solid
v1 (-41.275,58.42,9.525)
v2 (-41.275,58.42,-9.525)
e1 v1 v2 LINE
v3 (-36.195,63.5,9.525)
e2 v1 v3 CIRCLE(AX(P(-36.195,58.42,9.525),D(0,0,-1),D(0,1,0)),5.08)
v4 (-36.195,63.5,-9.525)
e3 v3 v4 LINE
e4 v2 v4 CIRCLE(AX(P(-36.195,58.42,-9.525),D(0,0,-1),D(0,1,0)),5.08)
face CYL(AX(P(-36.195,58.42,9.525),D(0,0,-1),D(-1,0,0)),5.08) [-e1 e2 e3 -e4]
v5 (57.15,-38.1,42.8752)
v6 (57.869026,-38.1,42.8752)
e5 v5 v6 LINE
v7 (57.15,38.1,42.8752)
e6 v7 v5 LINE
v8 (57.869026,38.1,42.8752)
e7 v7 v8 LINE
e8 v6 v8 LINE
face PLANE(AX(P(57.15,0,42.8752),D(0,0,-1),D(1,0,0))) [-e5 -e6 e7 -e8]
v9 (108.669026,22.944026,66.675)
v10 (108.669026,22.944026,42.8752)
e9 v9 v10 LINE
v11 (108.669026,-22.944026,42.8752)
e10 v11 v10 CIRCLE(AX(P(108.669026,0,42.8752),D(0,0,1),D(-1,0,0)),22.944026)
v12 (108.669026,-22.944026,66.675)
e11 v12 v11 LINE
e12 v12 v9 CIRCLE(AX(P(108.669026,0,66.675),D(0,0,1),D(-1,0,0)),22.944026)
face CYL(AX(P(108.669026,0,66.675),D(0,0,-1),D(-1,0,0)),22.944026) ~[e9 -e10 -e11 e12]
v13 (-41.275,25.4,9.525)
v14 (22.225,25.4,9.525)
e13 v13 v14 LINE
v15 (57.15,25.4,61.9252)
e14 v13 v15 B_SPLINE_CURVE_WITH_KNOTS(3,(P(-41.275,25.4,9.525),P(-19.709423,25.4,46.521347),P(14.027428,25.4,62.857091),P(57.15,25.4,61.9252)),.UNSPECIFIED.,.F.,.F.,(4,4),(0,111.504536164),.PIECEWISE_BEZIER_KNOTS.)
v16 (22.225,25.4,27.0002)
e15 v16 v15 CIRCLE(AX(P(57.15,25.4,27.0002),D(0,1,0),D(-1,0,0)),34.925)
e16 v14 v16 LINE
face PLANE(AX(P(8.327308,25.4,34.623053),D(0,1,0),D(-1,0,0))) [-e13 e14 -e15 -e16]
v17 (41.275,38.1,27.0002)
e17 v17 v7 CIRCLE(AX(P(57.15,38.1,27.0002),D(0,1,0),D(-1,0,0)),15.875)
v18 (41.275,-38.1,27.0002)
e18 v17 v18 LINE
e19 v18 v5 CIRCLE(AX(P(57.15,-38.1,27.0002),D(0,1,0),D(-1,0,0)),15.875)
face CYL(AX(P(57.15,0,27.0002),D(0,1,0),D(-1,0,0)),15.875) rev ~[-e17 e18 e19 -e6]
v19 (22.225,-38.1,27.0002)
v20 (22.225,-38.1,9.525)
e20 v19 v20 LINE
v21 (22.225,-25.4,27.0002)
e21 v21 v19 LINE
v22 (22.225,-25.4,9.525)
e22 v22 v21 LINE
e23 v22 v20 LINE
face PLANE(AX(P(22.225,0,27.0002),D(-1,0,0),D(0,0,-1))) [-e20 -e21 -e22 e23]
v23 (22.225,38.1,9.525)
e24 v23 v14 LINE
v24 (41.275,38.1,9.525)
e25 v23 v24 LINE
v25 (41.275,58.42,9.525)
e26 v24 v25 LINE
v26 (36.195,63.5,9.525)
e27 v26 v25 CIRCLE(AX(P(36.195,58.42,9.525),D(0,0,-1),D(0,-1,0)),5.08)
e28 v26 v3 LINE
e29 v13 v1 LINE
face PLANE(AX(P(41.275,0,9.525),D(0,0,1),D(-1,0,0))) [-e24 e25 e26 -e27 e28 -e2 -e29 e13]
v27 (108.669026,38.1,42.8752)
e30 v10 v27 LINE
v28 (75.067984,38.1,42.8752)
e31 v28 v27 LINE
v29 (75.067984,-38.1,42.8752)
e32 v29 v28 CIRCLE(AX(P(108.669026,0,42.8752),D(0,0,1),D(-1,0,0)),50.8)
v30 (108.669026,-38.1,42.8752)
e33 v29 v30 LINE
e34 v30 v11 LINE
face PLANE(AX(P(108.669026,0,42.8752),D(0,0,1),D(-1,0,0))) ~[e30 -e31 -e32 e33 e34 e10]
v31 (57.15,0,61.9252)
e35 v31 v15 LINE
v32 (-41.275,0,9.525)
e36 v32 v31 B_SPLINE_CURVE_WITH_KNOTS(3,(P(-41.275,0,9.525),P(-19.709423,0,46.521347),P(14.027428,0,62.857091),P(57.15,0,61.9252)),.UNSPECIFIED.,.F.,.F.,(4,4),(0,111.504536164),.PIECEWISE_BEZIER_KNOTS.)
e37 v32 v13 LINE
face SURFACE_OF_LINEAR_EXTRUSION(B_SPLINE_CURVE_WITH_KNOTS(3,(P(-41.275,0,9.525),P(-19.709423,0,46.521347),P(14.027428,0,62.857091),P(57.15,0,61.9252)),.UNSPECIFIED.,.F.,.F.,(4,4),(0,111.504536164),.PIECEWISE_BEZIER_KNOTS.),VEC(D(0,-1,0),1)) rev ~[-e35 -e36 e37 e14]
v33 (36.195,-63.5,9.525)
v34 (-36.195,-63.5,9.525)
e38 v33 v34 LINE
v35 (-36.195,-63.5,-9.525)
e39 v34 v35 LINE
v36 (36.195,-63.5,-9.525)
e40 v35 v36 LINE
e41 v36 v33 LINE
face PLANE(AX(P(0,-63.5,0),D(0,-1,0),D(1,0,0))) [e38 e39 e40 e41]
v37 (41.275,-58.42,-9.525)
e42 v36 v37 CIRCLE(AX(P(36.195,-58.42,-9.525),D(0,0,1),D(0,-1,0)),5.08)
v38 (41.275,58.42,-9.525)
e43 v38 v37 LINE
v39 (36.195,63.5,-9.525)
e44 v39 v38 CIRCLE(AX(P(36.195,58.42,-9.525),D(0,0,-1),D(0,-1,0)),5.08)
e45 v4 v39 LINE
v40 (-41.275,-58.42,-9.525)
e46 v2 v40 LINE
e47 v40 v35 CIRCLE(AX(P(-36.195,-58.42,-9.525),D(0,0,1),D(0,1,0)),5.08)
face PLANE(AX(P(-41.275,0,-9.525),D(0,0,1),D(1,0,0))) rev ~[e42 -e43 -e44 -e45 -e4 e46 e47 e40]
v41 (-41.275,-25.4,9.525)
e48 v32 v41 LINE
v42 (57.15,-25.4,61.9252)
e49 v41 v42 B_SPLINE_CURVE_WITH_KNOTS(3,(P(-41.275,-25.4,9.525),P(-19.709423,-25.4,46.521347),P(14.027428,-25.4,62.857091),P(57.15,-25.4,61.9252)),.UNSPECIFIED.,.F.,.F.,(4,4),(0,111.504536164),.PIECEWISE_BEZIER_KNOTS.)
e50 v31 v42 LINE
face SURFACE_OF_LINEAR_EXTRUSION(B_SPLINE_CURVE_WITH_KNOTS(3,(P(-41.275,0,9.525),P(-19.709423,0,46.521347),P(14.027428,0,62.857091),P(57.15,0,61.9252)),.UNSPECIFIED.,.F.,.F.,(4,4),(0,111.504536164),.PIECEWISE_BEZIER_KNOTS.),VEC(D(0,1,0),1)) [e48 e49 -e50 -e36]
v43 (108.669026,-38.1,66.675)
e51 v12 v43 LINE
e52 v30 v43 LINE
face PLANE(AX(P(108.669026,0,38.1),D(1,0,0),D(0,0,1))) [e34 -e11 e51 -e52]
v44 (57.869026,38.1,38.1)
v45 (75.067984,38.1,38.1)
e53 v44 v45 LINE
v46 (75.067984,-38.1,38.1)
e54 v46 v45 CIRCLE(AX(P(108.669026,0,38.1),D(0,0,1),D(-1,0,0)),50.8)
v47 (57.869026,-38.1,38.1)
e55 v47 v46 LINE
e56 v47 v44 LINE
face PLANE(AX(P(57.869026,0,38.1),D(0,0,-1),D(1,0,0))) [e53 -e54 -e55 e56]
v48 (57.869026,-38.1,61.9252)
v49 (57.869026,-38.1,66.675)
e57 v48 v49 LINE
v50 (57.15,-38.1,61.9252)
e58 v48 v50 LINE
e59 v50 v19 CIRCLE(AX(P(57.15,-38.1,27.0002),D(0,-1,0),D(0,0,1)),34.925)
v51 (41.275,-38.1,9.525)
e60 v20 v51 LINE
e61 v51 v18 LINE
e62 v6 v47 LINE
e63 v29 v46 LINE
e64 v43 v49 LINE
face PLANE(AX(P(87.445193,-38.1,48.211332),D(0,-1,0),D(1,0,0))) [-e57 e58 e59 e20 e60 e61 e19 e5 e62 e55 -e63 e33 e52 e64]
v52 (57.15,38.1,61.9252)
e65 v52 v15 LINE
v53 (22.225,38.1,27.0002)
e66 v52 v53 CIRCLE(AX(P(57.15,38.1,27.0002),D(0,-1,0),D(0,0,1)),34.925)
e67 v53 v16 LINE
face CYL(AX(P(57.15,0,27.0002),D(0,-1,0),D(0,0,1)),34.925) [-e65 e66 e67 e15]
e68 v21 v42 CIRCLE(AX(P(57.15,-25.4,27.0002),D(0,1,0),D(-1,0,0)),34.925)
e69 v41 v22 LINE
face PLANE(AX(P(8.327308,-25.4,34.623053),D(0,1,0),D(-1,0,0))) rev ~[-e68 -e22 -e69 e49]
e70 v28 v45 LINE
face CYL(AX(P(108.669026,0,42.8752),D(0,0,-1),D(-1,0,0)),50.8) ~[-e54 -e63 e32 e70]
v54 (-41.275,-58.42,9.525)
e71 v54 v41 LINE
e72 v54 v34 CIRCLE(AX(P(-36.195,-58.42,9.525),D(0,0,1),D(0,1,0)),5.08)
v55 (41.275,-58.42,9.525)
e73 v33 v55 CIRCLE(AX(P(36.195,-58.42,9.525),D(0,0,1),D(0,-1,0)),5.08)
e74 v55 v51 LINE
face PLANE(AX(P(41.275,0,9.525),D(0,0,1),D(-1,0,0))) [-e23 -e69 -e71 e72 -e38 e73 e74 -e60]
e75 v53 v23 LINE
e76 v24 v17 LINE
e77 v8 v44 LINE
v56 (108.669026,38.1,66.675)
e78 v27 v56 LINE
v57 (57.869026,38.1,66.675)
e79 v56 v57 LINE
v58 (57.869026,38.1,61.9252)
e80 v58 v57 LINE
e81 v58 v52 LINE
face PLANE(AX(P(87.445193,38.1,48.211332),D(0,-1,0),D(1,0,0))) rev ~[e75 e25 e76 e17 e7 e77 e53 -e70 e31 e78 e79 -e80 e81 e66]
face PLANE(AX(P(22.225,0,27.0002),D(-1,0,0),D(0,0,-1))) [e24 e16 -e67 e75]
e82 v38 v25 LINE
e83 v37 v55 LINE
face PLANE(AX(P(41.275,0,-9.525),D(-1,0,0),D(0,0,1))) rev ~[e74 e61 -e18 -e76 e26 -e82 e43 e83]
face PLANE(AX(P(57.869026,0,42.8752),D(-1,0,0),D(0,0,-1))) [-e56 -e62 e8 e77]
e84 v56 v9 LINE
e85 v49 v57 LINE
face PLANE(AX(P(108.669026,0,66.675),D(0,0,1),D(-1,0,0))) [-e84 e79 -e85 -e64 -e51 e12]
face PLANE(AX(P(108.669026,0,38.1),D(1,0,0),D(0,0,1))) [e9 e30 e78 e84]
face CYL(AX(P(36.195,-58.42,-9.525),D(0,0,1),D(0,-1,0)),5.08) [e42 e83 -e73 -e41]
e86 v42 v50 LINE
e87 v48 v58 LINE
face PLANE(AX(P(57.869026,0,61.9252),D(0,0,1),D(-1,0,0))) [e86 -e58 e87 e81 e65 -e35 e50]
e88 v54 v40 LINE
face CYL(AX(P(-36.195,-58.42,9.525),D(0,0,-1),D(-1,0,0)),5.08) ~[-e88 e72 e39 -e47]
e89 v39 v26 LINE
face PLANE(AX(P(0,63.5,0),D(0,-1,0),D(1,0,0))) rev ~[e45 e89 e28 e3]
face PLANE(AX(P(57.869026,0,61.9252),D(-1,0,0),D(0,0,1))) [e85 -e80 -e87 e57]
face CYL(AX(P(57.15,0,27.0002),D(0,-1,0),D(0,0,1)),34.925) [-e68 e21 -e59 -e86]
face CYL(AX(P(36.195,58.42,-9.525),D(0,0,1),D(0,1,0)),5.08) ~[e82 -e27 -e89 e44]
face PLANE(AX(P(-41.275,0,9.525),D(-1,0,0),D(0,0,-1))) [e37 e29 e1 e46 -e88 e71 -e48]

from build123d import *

# Parameters (mm, degrees)
F1_DEPTH = 63.5
F2_DEPTH = 25.4
F0_W     = 27.8559744183
F0_H     = 4.7498
F0_H_2   = 19.05
F3_DEPTH = 38.1
F4_DEPTH = 25.4
F6_R     = 5.08


with BuildPart() as f1:
    # F0 (on Front) → F1 (new body, symmetric)
    with BuildSketch(Plane.XZ):
        Polygon((-41.275, 9.525), (-41.275, -9.525), (41.275, -9.525), (41.275, 9.525), (22.225, 9.525), align=None)
    extrude(amount=F1_DEPTH, both=True)

    # F0 (on Front) → F2 (join, symmetric)
    with BuildSketch(Plane.XZ):
        with BuildLine():
            add(Edge.make_bspline(
                [(-41.275, 9.525), (-19.7094231844, 46.5213470161), (14.027427882, 62.8570914268), (57.15, 61.9252)],
                knots=[0, 0, 0, 0, 111.5045361635, 111.5045361635, 111.5045361635, 111.5045361635], degree=3))
            Line((-41.275, 9.525), (22.225, 9.525))
            Line((22.225, 9.525), (22.225, 27.0002))
            ThreePointArc((22.225, 27.0002), (32.4542956671, 51.6959043329), (57.15, 61.9252))
        make_face()
    extrude(amount=F2_DEPTH, both=True)

    # F0 (on Front) → F3 (join, symmetric)
    with BuildSketch(Plane.XZ):
        Polygon((85.725, 42.8752), (57.8690255817, 42.8752), (57.8690255817, 38.1), (108.6690255817, 38.1), (108.6690255817, 66.675), (85.725, 66.675), (85.725, 61.9252), align=None)
        with BuildLine():
            Line((22.225, 9.525), (41.275, 9.525))
            Line((41.275, 9.525), (41.275, 27.0002))
            ThreePointArc((41.275, 27.0002), (45.9246798487, 38.2255201513), (57.15, 42.8752))
            Line((57.15, 42.8752), (57.8690255817, 42.8752))
            Line((57.8690255817, 42.8752), (57.8690255817, 61.9252))
            Line((57.8690255817, 61.9252), (57.15, 61.9252))
            ThreePointArc((57.15, 61.9252), (32.4542956671, 51.6959043329), (22.225, 27.0002))
            Line((22.225, 27.0002), (22.225, 9.525))
        make_face()
        with Locations((71.7970127909, 64.3001)):
            Rectangle(F0_W, F0_H)
        with Locations((71.7970127909, 52.4002)):
            Rectangle(F0_W, F0_H_2)
    extrude(amount=F3_DEPTH, both=True)

    # F0 (on Front) → F4 (join)
    with BuildSketch(Plane.XZ):
        Polygon((-41.275, 9.525), (-41.275, -9.525), (41.275, -9.525), (41.275, 9.525), (22.225, 9.525), align=None)
        with BuildLine():
            add(Edge.make_bspline(
                [(-41.275, 9.525), (-19.7094231844, 46.5213470161), (14.027427882, 62.8570914268), (57.15, 61.9252)],
                knots=[0, 0, 0, 0, 111.5045361635, 111.5045361635, 111.5045361635, 111.5045361635], degree=3))
            Line((-41.275, 9.525), (22.225, 9.525))
            Line((22.225, 9.525), (22.225, 27.0002))
            ThreePointArc((22.225, 27.0002), (32.4542956671, 51.6959043329), (57.15, 61.9252))
        make_face()
        with BuildLine():
            Line((22.225, 9.525), (41.275, 9.525))
            Line((41.275, 9.525), (41.275, 27.0002))
            ThreePointArc((41.275, 27.0002), (45.9246798487, 38.2255201513), (57.15, 42.8752))
            Line((57.15, 42.8752), (57.8690255817, 42.8752))
            Line((57.8690255817, 42.8752), (57.8690255817, 61.9252))
            Line((57.8690255817, 61.9252), (57.15, 61.9252))
            ThreePointArc((57.15, 61.9252), (32.4542956671, 51.6959043329), (22.225, 27.0002))
            Line((22.225, 27.0002), (22.225, 9.525))
        make_face()
        with Locations((71.7970127909, 52.4002)):
            Rectangle(F0_W, F0_H_2)
        with Locations((71.7970127909, 64.3001)):
            Rectangle(F0_W, F0_H)
        Polygon((85.725, 42.8752), (57.8690255817, 42.8752), (57.8690255817, 38.1), (108.6690255817, 38.1), (108.6690255817, 66.675), (85.725, 66.675), (85.725, 61.9252), align=None)
    extrude(amount=F4_DEPTH)

    # F0 (on Front) → F5 (revolve)
    with BuildSketch(Plane.XZ):
        Polygon((85.725, 42.8752), (57.8690255817, 42.8752), (57.8690255817, 38.1), (108.6690255817, 38.1), (108.6690255817, 66.675), (85.725, 66.675), (85.725, 61.9252), align=None)
    revolve(axis=Axis((108.6690255817, 0, 52.3875), (0, 0, 1)))

    # F6
    f6_edges = [f1.edges().sort_by_distance(p)[0] for p in [
        (-41.275, 63.5, 0),
        (41.275, 63.5, 0),
        (-41.275, -63.5, 0),
        (41.275, -63.5, 0),
    ]]
    fillet(f6_edges, radius=F6_R)


solid = f1.part
